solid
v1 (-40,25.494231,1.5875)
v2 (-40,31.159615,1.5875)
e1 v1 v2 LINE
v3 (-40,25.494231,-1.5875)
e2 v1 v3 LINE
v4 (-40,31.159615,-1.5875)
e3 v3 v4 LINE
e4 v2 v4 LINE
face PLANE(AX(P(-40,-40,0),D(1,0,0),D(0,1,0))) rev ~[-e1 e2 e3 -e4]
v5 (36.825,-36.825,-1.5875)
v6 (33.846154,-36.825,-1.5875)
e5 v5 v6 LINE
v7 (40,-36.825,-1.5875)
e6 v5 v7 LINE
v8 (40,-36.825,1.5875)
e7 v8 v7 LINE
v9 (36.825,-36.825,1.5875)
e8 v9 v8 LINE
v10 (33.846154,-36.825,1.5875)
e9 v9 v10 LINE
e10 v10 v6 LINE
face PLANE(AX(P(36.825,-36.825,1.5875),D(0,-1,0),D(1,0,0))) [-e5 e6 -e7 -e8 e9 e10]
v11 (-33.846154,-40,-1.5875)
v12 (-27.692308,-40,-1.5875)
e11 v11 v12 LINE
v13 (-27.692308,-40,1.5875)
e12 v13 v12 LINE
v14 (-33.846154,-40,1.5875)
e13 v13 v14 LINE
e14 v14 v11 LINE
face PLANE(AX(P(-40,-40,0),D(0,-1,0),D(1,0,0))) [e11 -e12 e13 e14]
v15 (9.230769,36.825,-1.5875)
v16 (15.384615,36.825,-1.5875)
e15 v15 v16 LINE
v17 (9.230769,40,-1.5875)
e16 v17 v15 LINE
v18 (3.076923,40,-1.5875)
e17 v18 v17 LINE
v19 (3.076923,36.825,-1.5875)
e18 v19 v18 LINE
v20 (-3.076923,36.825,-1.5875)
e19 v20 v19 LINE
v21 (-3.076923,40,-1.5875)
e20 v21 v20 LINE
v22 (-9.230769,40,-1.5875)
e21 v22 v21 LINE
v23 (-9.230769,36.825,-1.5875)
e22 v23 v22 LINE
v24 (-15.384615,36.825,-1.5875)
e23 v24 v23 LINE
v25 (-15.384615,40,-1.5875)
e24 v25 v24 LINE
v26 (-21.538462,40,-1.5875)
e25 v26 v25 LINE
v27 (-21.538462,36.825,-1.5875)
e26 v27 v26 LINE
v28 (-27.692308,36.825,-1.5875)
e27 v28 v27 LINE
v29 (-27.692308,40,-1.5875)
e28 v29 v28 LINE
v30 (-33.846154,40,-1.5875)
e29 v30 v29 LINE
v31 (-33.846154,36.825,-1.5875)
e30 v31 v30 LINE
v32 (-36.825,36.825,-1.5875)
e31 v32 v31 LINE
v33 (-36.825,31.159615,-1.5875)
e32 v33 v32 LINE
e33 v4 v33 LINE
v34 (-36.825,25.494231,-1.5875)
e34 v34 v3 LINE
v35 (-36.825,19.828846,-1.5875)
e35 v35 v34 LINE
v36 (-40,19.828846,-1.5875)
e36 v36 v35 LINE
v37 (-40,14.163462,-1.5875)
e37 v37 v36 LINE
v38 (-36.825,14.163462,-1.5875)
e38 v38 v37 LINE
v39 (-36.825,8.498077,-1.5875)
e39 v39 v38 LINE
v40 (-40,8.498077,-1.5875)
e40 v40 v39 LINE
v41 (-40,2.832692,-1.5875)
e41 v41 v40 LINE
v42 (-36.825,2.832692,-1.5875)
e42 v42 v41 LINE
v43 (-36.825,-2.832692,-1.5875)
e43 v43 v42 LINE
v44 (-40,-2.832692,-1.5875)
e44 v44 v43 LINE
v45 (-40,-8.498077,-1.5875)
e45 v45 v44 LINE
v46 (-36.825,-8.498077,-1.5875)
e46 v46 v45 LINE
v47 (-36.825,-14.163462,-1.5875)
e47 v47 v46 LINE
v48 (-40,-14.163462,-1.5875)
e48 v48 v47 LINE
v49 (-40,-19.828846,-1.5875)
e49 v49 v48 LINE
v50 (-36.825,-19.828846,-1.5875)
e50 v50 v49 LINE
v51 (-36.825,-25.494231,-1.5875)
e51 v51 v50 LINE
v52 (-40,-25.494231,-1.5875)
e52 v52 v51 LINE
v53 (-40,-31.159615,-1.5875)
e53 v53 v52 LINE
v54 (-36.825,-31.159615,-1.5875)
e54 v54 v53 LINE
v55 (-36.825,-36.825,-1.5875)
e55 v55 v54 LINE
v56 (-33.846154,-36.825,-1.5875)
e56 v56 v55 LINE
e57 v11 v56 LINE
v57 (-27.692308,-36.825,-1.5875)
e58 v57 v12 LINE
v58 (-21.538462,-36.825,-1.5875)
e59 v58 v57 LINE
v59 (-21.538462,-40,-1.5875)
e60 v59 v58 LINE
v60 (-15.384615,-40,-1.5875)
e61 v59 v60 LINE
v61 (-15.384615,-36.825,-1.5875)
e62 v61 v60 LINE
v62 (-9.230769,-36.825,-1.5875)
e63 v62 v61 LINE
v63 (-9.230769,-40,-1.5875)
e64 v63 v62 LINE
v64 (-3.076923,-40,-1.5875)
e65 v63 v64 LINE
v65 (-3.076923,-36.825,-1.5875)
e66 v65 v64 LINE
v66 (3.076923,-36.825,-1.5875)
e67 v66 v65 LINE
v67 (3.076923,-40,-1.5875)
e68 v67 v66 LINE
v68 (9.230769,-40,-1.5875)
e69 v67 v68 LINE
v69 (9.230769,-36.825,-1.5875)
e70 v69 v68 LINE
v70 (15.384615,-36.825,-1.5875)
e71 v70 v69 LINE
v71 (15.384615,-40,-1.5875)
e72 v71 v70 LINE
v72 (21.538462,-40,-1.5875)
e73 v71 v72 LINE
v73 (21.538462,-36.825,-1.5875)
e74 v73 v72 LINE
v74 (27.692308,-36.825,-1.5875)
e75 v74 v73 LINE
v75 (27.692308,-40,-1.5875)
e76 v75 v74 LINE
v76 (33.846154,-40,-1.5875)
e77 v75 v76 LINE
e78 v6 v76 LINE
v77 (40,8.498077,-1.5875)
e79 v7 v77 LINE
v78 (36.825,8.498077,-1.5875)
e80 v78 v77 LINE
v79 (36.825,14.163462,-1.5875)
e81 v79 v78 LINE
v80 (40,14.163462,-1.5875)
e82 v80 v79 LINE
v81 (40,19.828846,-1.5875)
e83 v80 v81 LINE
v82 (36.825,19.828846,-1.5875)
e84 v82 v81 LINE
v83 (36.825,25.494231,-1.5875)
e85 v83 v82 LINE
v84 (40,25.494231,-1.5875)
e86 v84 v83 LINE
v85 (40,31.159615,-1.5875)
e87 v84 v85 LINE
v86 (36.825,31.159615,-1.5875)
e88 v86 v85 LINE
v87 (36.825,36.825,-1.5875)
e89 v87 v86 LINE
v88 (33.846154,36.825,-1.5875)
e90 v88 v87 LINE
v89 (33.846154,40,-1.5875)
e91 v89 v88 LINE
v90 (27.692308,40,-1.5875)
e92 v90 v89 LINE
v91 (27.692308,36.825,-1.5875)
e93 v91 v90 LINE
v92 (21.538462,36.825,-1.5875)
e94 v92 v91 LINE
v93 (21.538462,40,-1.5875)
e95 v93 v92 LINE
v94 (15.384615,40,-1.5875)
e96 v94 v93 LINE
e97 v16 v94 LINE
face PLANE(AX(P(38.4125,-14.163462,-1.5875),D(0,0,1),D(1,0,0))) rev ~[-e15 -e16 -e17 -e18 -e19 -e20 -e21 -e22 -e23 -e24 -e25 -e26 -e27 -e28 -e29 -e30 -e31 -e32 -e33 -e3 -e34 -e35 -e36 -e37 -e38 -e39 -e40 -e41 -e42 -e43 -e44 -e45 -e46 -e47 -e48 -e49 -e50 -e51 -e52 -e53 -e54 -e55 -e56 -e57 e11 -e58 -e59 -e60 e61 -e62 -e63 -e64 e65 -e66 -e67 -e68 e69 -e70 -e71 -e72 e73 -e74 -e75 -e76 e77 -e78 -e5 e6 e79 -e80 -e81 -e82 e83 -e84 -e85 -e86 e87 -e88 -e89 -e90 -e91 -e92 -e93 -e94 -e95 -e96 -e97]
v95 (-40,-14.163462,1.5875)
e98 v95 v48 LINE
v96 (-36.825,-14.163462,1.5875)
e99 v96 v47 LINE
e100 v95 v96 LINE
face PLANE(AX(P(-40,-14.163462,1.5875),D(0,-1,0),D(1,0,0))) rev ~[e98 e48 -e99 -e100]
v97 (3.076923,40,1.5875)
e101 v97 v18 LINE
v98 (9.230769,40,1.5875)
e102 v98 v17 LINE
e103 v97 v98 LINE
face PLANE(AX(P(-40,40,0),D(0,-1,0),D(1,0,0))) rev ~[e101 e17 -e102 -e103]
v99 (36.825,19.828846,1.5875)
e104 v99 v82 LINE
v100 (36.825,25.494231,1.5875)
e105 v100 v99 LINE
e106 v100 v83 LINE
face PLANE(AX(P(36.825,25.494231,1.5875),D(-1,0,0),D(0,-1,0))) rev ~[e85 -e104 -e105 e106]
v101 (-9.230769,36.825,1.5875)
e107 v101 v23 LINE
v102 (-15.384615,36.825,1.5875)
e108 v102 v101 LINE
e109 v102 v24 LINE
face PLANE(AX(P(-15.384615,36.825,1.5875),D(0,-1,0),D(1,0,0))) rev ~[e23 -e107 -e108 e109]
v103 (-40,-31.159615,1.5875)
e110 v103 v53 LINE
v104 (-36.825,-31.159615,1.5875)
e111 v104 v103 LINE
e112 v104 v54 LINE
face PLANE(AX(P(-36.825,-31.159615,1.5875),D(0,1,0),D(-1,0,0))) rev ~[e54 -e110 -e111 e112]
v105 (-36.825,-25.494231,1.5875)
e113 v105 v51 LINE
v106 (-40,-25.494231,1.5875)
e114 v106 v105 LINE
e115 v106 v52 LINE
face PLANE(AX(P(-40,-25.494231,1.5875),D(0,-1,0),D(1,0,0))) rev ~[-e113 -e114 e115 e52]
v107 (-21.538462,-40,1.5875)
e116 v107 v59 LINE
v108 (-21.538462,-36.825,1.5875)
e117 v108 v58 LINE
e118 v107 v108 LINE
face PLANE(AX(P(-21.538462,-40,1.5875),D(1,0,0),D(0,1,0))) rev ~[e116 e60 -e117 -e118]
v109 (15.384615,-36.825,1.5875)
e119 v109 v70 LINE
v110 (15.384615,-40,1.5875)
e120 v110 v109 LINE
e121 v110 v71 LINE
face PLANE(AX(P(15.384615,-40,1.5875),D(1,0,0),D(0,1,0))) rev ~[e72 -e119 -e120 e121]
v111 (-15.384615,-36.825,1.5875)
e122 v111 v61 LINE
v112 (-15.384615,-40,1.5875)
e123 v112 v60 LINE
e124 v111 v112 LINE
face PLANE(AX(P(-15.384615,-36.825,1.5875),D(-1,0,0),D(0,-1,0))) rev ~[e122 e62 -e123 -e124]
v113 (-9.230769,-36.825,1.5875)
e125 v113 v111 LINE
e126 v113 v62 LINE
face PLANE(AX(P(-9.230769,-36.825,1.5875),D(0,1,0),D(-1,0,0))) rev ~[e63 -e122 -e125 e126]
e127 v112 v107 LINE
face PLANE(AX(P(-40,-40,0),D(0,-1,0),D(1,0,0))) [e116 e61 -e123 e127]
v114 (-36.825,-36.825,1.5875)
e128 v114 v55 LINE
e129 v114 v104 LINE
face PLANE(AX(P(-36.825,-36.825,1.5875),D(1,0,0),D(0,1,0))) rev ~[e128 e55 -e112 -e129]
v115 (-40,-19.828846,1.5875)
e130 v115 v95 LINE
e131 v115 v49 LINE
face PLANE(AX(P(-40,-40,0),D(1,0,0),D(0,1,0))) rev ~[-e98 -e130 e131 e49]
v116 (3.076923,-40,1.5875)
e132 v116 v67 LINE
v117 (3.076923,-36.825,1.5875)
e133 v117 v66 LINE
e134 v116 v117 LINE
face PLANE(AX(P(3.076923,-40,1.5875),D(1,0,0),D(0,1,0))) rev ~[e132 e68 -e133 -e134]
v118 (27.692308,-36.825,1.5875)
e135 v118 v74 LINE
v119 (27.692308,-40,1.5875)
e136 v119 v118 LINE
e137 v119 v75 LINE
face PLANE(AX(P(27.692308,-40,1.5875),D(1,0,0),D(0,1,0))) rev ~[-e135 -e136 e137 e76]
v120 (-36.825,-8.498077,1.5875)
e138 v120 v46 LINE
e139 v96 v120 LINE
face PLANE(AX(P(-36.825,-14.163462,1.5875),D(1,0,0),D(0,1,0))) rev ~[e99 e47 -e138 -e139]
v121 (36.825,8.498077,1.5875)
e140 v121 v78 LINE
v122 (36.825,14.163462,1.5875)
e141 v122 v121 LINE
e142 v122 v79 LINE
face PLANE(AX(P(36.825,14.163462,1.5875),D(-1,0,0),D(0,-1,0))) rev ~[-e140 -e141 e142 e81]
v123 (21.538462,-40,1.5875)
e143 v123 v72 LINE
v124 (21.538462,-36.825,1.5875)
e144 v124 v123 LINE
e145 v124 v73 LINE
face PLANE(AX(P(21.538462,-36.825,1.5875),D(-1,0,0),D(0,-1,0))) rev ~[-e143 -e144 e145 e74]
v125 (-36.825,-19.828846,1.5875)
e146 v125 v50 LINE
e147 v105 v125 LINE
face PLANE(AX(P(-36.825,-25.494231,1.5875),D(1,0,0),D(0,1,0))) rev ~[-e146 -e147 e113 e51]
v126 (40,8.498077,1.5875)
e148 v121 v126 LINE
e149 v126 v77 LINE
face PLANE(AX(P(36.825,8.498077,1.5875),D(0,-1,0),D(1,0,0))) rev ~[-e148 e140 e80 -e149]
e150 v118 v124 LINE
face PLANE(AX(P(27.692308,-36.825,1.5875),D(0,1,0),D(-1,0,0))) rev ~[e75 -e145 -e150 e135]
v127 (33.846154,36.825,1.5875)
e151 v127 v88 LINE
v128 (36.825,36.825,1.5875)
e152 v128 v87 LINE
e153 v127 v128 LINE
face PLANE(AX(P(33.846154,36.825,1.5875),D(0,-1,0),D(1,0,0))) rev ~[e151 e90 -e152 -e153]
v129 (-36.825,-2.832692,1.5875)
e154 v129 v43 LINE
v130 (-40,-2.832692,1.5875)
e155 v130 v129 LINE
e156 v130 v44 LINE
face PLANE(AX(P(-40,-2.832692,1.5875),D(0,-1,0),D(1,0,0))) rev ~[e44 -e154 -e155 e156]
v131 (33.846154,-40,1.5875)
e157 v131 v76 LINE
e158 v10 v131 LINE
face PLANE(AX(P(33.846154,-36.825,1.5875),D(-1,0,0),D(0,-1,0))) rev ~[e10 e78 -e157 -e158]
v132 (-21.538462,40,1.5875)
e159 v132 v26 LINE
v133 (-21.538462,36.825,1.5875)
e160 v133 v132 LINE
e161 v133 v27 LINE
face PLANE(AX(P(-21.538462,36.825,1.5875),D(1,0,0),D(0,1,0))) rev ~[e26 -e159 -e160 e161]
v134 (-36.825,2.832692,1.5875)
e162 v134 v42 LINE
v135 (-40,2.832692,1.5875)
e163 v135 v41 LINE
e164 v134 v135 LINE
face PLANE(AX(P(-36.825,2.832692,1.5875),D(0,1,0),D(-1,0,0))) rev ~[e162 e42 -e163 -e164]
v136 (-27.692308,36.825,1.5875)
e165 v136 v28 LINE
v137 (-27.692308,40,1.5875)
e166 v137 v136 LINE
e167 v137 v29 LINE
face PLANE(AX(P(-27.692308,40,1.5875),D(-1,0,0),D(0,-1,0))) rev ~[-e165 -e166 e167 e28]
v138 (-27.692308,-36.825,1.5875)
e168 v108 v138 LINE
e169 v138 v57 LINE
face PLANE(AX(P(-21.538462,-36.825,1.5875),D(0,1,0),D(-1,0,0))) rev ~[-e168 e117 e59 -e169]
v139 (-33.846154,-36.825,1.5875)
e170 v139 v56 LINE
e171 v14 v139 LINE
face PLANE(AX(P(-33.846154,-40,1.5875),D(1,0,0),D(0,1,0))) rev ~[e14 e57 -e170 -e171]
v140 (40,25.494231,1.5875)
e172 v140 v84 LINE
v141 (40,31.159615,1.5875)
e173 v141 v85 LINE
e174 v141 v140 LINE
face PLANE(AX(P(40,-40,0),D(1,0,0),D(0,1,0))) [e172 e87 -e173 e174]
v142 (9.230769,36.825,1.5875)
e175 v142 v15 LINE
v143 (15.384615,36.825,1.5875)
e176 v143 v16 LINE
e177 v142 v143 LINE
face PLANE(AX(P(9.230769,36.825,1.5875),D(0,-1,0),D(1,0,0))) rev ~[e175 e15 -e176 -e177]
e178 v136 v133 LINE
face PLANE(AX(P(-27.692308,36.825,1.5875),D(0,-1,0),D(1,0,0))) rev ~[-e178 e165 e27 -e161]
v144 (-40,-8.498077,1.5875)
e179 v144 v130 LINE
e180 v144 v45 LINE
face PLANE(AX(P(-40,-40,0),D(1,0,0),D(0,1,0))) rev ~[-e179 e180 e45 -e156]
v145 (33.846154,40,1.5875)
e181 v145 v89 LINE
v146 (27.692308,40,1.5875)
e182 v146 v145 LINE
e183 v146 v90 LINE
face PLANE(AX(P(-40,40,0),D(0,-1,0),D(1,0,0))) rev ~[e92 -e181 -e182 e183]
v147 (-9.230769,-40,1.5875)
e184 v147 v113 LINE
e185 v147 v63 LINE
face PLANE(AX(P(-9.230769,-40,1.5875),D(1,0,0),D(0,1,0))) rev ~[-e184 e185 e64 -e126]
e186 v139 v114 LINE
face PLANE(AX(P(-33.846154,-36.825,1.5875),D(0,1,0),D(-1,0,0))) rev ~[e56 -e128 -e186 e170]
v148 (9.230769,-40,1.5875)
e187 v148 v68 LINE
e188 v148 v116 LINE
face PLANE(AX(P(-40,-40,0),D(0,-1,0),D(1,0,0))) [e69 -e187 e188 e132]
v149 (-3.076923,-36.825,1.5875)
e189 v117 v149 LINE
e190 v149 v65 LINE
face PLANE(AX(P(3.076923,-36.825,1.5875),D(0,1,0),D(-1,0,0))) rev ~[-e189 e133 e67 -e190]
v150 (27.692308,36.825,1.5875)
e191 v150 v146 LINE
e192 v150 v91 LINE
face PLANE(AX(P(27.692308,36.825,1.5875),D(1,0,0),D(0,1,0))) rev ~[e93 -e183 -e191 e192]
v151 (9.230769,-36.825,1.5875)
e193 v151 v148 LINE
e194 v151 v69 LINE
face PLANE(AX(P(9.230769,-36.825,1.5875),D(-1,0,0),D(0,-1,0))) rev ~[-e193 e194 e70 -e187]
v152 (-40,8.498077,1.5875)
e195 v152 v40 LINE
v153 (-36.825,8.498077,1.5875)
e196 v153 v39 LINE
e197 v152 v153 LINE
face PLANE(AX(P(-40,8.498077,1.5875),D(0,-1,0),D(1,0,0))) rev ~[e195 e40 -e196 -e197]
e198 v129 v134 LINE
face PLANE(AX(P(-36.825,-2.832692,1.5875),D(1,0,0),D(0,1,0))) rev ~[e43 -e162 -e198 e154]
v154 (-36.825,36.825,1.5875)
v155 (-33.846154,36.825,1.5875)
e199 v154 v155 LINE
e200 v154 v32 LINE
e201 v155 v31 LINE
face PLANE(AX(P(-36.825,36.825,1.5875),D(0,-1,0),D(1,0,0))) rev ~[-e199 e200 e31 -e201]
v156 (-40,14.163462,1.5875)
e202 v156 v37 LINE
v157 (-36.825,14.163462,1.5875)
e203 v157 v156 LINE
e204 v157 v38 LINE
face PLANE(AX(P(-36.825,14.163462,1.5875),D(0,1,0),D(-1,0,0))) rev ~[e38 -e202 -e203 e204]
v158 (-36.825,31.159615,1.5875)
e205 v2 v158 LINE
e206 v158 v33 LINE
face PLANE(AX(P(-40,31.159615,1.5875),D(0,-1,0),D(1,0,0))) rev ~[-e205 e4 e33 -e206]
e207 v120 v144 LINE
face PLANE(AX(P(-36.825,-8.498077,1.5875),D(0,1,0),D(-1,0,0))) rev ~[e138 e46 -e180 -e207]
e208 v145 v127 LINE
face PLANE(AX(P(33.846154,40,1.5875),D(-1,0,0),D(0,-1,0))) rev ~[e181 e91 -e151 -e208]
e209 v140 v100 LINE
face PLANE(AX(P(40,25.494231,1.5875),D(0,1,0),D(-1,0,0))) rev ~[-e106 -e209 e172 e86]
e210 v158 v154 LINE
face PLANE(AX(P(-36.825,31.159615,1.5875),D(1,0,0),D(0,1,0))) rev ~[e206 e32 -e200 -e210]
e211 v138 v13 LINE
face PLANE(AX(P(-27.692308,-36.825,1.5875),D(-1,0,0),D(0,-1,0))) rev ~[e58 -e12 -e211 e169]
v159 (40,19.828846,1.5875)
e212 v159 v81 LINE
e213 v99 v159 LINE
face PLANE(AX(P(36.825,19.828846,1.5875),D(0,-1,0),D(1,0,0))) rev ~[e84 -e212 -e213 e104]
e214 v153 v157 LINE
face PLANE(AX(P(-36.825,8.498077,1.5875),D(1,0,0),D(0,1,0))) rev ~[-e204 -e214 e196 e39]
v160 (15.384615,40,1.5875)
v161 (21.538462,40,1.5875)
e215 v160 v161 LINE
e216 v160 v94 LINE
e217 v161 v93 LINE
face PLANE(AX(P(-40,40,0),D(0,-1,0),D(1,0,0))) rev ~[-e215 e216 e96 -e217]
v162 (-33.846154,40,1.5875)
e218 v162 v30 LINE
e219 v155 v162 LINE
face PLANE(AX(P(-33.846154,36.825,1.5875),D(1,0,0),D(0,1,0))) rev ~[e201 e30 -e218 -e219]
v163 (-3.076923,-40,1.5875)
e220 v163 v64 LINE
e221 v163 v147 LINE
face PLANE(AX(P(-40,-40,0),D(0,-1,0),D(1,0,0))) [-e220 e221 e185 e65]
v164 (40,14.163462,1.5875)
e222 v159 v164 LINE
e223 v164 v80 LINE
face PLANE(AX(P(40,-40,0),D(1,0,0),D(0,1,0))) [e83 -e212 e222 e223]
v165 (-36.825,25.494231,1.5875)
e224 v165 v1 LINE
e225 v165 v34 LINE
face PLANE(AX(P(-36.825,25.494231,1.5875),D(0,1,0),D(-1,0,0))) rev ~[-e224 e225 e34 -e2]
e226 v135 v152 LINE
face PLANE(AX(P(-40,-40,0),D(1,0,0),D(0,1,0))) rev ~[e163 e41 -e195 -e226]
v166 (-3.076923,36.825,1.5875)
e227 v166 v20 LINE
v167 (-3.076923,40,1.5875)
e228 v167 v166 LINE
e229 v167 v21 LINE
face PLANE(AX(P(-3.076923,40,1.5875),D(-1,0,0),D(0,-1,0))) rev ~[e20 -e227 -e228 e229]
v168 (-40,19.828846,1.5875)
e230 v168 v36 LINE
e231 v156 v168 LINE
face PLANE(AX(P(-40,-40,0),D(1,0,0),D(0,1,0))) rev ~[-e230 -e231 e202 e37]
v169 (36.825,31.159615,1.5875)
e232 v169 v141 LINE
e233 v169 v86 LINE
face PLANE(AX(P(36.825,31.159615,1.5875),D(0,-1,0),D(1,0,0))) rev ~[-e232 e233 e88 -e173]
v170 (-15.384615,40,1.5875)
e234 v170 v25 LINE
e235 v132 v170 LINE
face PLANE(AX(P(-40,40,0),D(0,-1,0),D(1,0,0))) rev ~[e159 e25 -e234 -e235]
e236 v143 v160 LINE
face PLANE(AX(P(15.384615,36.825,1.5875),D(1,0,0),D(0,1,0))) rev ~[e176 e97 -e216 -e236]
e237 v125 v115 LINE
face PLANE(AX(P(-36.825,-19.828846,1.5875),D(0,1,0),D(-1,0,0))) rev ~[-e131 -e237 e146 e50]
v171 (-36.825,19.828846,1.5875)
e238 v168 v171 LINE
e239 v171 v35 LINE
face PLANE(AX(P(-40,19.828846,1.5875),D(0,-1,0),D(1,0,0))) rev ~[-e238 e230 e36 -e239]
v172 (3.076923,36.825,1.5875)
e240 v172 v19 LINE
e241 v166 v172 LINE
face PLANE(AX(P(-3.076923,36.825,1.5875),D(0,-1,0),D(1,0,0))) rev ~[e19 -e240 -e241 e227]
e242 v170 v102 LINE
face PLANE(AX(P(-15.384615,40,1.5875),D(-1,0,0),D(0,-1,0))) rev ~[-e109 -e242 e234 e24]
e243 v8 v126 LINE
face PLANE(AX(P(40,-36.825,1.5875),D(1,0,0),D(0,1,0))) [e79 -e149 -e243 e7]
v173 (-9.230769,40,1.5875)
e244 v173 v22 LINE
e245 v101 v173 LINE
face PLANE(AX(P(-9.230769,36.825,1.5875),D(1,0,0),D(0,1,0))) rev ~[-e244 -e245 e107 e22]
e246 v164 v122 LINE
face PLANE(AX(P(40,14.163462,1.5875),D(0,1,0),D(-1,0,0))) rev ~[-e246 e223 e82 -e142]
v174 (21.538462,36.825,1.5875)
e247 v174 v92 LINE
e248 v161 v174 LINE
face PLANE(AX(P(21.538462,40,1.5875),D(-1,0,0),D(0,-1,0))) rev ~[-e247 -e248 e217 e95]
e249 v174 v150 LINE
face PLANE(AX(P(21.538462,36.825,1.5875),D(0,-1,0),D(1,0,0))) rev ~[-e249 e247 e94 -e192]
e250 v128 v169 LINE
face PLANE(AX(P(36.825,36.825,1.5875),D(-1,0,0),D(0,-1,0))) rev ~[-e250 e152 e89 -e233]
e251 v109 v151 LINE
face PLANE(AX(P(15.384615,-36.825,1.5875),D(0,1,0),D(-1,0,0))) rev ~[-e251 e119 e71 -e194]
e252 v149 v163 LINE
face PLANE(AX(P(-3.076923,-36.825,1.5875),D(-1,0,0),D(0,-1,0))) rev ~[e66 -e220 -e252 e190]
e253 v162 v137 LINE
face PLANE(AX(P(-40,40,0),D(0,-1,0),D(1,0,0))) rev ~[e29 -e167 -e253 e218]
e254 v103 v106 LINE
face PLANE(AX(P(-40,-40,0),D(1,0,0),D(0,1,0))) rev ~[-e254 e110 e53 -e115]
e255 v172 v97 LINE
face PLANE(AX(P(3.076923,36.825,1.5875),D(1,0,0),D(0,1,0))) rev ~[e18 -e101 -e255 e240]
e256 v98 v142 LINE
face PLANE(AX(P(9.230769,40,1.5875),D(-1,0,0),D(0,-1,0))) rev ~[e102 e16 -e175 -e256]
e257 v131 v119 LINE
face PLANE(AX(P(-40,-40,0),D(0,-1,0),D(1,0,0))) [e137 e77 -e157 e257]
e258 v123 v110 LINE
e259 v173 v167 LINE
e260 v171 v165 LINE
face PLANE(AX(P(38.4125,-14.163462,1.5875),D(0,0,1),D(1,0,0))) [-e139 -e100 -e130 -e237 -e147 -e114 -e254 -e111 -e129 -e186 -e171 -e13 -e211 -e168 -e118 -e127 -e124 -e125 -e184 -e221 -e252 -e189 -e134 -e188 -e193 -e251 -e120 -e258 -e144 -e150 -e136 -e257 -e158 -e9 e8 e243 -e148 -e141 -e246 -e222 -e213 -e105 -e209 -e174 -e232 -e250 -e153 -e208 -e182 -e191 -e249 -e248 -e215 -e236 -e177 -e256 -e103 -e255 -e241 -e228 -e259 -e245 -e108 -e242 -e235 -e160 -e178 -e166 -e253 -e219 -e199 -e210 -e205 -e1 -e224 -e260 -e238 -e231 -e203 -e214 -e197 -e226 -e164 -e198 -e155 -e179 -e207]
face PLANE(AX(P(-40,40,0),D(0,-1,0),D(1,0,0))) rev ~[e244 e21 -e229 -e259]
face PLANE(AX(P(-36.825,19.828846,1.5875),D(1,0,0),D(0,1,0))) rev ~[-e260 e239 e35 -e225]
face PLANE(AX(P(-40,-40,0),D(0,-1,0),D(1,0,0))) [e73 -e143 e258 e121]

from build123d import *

# Parameters (mm, degrees)
SKETCH1_W           = 80
SKETCH1_H           = 80
BOSS_EXTRUDE1_DEPTH = 1.5875
SKETCH3_OUTSIDE_W   = 104.636
SKETCH3_OUTSIDE_H   = 104.636
CUT_EXTRUDE2_DEPTH  = 57.657573413
SKETCH4_W           = 3.175
SKETCH4_H           = 45.323076923
BOSS_EXTRUDE2_DEPTH = 3.175


with BuildPart() as part:
    # Sketch1 → Boss-Extrude1 (new, symmetric)
    with BuildSketch(Plane.XY):
        Rectangle(SKETCH1_W, SKETCH1_H)
    extrude(amount=BOSS_EXTRUDE1_DEPTH, both=True)

    # Sketch3 outside → Cut-Extrude2 (cut, through all)
    with BuildSketch(Plane.XY.offset(1.5875)):
        Rectangle(SKETCH3_OUTSIDE_W, SKETCH3_OUTSIDE_H)
        Polygon((-36.825, 36.825), (-33.846153846, 36.825), (-33.846153846, 40), (-27.692307692, 40), (-27.692307692, 36.825), (-21.538461538, 36.825), (-21.538461538, 40), (-15.384615385, 40), (-15.384615385, 36.825), (-9.230769231, 36.825), (-9.230769231, 40), (-3.076923077, 40), (-3.076923077, 36.825), (3.076923077, 36.825), (3.076923077, 40), (9.230769231, 40), (9.230769231, 36.825), (15.384615385, 36.825), (15.384615385, 40), (21.538461538, 40), (21.538461538, 36.825), (27.692307692, 36.825), (27.692307692, 40), (33.846153846, 40), (33.846153846, 36.825), (36.825, 36.825), (36.825, 31.159615385), (40, 31.159615385), (40, 25.494230769), (36.825, 25.494230769), (36.825, 19.828846154), (40, 19.828846154), (40, 14.163461538), (36.825, 14.163461538), (36.825, 8.498076923), (40, 8.498076923), (40, 2.832692308), (36.825, 2.832692308), (36.825, -2.832692308), (40, -2.832692308), (40, -8.498076923), (36.825, -8.498076923), (36.825, -14.163461538), (40, -14.163461538), (40, -19.828846154), (36.825, -19.828846154), (36.825, -25.494230769), (40, -25.494230769), (40, -31.159615385), (36.825, -31.159615385), (36.825, -36.825), (33.846153846, -36.825), (33.846153846, -40), (27.692307692, -40), (27.692307692, -36.825), (21.538461538, -36.825), (21.538461538, -40), (15.384615385, -40), (15.384615385, -36.825), (9.230769231, -36.825), (9.230769231, -40), (3.076923077, -40), (3.076923077, -36.825), (-3.076923077, -36.825), (-3.076923077, -40), (-9.230769231, -40), (-9.230769231, -36.825), (-15.384615385, -36.825), (-15.384615385, -40), (-21.538461538, -40), (-21.538461538, -36.825), (-27.692307692, -36.825), (-27.692307692, -40), (-33.846153846, -40), (-33.846153846, -36.825), (-36.825, -36.825), (-36.825, -31.159615385), (-40, -31.159615385), (-40, -25.494230769), (-36.825, -25.494230769), (-36.825, -19.828846154), (-40, -19.828846154), (-40, -14.163461538), (-36.825, -14.163461538), (-36.825, -8.498076923), (-40, -8.498076923), (-40, -2.832692308), (-36.825, -2.832692308), (-36.825, 2.832692308), (-40, 2.832692308), (-40, 8.498076923), (-36.825, 8.498076923), (-36.825, 14.163461538), (-40, 14.163461538), (-40, 19.828846154), (-36.825, 19.828846154), (-36.825, 25.494230769), (-40, 25.494230769), (-40, 31.159615385), (-36.825, 31.159615385), align=None, mode=Mode.SUBTRACT)
    extrude(amount=-CUT_EXTRUDE2_DEPTH, mode=Mode.SUBTRACT)

    # Sketch4 → Boss-Extrude2 (add)
    with BuildSketch(Plane.XY.offset(1.5875)):
        with Locations((38.4125, -14.163461539)):
            Rectangle(SKETCH4_W, SKETCH4_H)
    extrude(amount=-BOSS_EXTRUDE2_DEPTH)


solid = part.part
